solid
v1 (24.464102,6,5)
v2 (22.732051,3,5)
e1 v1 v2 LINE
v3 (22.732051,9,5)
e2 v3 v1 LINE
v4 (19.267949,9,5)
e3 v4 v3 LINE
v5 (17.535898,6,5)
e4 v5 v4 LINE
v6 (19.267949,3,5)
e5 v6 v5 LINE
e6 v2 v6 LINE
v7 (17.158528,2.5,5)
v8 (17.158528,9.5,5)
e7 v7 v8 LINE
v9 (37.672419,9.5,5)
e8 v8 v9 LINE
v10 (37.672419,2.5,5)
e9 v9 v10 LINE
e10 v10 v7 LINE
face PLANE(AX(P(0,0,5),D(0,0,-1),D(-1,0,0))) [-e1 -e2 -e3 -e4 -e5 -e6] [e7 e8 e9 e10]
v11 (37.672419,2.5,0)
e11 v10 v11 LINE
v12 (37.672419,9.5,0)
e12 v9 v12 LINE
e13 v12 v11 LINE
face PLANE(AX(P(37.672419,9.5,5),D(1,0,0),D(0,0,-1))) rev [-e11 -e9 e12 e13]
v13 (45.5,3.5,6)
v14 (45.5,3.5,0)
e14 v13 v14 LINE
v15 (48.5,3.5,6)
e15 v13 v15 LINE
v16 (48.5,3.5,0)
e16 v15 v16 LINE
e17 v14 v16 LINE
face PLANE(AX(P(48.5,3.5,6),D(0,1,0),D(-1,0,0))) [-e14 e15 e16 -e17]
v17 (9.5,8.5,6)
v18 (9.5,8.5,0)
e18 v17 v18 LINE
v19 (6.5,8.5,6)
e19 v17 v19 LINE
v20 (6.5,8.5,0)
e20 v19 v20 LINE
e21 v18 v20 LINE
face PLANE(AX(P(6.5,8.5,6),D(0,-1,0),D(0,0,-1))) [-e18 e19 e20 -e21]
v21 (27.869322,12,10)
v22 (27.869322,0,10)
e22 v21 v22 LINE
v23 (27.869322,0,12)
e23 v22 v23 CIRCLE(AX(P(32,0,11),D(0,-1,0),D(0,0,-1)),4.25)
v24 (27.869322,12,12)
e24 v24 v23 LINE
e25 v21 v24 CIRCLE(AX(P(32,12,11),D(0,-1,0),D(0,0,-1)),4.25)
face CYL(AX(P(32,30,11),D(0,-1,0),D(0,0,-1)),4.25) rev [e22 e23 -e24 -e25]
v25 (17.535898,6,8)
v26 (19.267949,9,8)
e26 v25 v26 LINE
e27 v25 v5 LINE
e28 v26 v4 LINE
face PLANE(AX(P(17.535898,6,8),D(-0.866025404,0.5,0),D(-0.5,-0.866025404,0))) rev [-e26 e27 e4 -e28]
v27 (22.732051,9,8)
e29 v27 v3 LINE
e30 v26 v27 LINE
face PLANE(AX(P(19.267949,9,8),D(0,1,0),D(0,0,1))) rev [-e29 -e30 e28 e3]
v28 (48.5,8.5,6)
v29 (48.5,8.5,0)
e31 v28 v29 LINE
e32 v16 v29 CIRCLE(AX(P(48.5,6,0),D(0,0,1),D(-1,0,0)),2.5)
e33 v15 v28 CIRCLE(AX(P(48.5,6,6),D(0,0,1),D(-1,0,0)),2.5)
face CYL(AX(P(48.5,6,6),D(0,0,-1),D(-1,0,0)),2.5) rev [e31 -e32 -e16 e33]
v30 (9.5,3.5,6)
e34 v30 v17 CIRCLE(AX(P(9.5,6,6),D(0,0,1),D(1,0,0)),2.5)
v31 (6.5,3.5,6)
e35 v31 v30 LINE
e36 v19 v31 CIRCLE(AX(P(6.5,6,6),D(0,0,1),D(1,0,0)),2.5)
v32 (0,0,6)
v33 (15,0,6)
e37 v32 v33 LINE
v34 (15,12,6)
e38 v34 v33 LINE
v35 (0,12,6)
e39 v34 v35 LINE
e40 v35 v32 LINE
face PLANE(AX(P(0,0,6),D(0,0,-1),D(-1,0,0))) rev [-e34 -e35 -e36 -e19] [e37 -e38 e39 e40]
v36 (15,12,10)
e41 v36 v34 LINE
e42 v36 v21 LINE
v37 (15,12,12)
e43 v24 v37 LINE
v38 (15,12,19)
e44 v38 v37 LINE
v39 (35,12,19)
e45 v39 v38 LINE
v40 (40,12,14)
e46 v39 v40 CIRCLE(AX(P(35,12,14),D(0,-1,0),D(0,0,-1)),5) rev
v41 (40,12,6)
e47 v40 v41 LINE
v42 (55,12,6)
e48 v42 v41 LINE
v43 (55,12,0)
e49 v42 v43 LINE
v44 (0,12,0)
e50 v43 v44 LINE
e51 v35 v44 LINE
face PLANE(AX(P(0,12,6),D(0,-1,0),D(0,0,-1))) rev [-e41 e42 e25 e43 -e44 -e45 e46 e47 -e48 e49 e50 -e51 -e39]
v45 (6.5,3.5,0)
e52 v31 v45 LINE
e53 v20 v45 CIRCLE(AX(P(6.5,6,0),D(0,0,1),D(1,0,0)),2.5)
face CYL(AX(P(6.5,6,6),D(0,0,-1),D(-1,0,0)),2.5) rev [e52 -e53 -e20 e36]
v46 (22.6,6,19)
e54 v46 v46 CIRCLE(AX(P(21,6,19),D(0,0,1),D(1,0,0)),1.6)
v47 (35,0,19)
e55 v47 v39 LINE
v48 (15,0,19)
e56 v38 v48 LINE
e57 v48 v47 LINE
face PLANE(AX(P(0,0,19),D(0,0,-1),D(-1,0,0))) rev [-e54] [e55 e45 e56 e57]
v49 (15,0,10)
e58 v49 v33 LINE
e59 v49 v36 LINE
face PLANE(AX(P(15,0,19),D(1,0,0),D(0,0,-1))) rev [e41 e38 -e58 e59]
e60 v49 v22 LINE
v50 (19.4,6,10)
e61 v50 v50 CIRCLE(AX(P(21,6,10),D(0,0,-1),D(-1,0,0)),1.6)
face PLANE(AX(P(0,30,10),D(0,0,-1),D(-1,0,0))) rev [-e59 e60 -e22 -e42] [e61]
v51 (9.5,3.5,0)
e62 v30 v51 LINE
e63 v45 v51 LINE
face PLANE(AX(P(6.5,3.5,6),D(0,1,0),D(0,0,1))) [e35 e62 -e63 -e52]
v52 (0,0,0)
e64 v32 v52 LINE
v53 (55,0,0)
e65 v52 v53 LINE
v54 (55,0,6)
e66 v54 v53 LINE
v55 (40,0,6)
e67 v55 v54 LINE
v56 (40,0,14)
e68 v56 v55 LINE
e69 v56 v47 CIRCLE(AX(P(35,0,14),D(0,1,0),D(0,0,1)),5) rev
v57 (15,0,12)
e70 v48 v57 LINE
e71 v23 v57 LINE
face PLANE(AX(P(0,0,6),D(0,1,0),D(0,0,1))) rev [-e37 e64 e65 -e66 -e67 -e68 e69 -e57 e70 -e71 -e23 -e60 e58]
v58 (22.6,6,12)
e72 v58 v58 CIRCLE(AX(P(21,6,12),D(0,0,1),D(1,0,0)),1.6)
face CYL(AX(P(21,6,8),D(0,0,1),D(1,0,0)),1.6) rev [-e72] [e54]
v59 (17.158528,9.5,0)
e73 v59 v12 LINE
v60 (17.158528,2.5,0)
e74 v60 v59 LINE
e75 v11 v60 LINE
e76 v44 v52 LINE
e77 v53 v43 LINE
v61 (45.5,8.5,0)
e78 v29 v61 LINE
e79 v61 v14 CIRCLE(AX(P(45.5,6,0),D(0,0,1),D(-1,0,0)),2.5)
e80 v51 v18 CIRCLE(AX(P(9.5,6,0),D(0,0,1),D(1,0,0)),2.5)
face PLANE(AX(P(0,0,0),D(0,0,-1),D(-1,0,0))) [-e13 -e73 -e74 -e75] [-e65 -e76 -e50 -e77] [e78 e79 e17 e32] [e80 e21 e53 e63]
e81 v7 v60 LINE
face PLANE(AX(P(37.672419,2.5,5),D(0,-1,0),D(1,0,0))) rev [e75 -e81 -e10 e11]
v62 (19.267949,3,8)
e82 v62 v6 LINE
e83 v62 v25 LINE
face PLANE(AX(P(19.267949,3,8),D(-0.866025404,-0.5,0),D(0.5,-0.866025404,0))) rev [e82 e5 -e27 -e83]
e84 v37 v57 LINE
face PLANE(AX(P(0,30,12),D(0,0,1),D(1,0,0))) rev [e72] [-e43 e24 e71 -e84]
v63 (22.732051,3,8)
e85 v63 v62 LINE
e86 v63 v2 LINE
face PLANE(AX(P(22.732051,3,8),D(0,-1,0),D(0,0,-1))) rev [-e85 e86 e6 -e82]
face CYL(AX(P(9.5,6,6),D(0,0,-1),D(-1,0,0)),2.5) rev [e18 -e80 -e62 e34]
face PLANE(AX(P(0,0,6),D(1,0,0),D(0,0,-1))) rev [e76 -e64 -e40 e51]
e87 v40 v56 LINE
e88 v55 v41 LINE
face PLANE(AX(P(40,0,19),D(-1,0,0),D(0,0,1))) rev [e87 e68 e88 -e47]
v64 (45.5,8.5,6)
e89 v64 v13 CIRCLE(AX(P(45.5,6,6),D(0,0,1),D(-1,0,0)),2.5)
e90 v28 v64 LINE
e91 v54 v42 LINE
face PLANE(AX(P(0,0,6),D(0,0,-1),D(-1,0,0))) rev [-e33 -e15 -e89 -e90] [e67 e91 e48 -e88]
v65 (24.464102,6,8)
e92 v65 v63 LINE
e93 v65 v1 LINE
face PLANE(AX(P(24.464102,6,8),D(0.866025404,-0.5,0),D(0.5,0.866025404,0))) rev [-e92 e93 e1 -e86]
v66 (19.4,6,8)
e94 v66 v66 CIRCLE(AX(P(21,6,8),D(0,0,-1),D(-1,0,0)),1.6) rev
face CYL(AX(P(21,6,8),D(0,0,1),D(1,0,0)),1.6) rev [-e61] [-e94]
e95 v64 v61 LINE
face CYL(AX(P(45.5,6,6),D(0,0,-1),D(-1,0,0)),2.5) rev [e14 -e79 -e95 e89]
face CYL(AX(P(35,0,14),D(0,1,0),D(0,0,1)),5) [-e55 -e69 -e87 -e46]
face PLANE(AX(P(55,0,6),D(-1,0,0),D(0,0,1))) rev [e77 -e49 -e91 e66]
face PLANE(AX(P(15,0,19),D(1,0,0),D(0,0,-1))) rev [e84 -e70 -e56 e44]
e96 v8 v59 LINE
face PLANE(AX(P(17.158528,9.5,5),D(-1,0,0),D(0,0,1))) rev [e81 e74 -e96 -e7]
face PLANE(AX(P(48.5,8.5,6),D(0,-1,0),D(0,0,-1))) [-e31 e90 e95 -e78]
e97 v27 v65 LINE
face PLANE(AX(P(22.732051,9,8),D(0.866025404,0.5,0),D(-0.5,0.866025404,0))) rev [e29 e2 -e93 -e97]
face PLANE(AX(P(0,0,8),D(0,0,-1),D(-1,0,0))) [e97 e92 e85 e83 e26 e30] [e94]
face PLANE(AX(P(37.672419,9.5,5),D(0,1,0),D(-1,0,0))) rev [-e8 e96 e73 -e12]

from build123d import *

# Parameters (mm, degrees)
SKETCH2_W           = 55
SKETCH2_H           = 12
BOSS_EXTRUDE1_DEPTH = 6
SKETCH3_W           = 25
SKETCH3_H           = 12
BOSS_EXTRUDE2_DEPTH = 13
FILLET1_R           = 5
SKETCH4_R           = 4.25
CUT_EXTRUDE2_DEPTH  = 30
SKETCH5_W           = 20.513890507
SKETCH5_H           = 7
CUT_EXTRUDE3_DEPTH  = 5
SKETCH6_R           = 1.6
CUT_EXTRUDE4_DEPTH  = 11
CUT_EXTRUDE5_DEPTH  = 3


with BuildPart() as part:
    # Sketch2 → Boss-Extrude1 (new body)
    with BuildSketch(Plane.XY):
        with Locations((27.5, 6)):
            Rectangle(SKETCH2_W, SKETCH2_H)
        with BuildLine():
            Line((6.5, 8.5), (9.5, 8.5))
            ThreePointArc((9.5, 8.5), (12, 6), (9.5, 3.5))
            Line((9.5, 3.5), (6.5, 3.5))
            ThreePointArc((6.5, 3.5), (4, 6), (6.5, 8.5))
        make_face(mode=Mode.SUBTRACT)
        with BuildLine():
            Line((48.5, 8.5), (45.5, 8.5))
            ThreePointArc((45.5, 8.5), (43, 6), (45.5, 3.5))
            Line((45.5, 3.5), (48.5, 3.5))
            ThreePointArc((48.5, 3.5), (51, 6), (48.5, 8.5))
        make_face(mode=Mode.SUBTRACT)
    extrude(amount=BOSS_EXTRUDE1_DEPTH)

    # Sketch3 → Boss-Extrude2 (add)
    with BuildSketch(Plane.XY.offset(6)):
        with Locations((27.5, 6)):
            Rectangle(SKETCH3_W, SKETCH3_H)
    extrude(amount=BOSS_EXTRUDE2_DEPTH)

    # Fillet1
    fillet1_edges = [part.edges().sort_by_distance(p)[0] for p in [
        (40, 6, 19),
    ]]
    fillet(fillet1_edges, radius=FILLET1_R)

    # Sketch4 → Cut-Extrude2 (cut)
    with BuildSketch(Plane.XZ):
        with BuildLine():
            ThreePointArc((27.86932209, 10), (27.75, 11), (27.86932209, 12))
            Line((27.86932209, 12), (15, 12))
            Line((15, 12), (15, 10))
            Line((15, 10), (27.86932209, 10))
        make_face()
        with Locations((32, 11)):
            Circle(SKETCH4_R)
    extrude(amount=-CUT_EXTRUDE2_DEPTH, mode=Mode.SUBTRACT)

    # Sketch5 → Cut-Extrude3 (cut)
    with BuildSketch(Plane(origin=(0, 0, 0), x_dir=(-1, 0, 0), z_dir=(0, 0, -1))):
        with Locations((-27.415473723, 6)):
            Rectangle(SKETCH5_W, SKETCH5_H)
    extrude(amount=-CUT_EXTRUDE3_DEPTH, mode=Mode.SUBTRACT)

    # Sketch6 → Cut-Extrude4 (cut)
    with BuildSketch(Plane.XY.offset(19)):
        with Locations((21, 6)):
            Circle(SKETCH6_R)
    extrude(amount=-CUT_EXTRUDE4_DEPTH, mode=Mode.SUBTRACT)

    # Sketch7 → Cut-Extrude5 (cut)
    with BuildSketch(Plane(origin=(0, 0, 5), x_dir=(-1, 0, 0), z_dir=(0, 0, -1))):
        Polygon((-17.535898385, 6), (-19.267949192, 9), (-22.732050808, 9), (-24.464101615, 6), (-22.732050808, 3), (-19.267949192, 3), align=None)
    extrude(amount=-CUT_EXTRUDE5_DEPTH, mode=Mode.SUBTRACT)


solid = part.part
